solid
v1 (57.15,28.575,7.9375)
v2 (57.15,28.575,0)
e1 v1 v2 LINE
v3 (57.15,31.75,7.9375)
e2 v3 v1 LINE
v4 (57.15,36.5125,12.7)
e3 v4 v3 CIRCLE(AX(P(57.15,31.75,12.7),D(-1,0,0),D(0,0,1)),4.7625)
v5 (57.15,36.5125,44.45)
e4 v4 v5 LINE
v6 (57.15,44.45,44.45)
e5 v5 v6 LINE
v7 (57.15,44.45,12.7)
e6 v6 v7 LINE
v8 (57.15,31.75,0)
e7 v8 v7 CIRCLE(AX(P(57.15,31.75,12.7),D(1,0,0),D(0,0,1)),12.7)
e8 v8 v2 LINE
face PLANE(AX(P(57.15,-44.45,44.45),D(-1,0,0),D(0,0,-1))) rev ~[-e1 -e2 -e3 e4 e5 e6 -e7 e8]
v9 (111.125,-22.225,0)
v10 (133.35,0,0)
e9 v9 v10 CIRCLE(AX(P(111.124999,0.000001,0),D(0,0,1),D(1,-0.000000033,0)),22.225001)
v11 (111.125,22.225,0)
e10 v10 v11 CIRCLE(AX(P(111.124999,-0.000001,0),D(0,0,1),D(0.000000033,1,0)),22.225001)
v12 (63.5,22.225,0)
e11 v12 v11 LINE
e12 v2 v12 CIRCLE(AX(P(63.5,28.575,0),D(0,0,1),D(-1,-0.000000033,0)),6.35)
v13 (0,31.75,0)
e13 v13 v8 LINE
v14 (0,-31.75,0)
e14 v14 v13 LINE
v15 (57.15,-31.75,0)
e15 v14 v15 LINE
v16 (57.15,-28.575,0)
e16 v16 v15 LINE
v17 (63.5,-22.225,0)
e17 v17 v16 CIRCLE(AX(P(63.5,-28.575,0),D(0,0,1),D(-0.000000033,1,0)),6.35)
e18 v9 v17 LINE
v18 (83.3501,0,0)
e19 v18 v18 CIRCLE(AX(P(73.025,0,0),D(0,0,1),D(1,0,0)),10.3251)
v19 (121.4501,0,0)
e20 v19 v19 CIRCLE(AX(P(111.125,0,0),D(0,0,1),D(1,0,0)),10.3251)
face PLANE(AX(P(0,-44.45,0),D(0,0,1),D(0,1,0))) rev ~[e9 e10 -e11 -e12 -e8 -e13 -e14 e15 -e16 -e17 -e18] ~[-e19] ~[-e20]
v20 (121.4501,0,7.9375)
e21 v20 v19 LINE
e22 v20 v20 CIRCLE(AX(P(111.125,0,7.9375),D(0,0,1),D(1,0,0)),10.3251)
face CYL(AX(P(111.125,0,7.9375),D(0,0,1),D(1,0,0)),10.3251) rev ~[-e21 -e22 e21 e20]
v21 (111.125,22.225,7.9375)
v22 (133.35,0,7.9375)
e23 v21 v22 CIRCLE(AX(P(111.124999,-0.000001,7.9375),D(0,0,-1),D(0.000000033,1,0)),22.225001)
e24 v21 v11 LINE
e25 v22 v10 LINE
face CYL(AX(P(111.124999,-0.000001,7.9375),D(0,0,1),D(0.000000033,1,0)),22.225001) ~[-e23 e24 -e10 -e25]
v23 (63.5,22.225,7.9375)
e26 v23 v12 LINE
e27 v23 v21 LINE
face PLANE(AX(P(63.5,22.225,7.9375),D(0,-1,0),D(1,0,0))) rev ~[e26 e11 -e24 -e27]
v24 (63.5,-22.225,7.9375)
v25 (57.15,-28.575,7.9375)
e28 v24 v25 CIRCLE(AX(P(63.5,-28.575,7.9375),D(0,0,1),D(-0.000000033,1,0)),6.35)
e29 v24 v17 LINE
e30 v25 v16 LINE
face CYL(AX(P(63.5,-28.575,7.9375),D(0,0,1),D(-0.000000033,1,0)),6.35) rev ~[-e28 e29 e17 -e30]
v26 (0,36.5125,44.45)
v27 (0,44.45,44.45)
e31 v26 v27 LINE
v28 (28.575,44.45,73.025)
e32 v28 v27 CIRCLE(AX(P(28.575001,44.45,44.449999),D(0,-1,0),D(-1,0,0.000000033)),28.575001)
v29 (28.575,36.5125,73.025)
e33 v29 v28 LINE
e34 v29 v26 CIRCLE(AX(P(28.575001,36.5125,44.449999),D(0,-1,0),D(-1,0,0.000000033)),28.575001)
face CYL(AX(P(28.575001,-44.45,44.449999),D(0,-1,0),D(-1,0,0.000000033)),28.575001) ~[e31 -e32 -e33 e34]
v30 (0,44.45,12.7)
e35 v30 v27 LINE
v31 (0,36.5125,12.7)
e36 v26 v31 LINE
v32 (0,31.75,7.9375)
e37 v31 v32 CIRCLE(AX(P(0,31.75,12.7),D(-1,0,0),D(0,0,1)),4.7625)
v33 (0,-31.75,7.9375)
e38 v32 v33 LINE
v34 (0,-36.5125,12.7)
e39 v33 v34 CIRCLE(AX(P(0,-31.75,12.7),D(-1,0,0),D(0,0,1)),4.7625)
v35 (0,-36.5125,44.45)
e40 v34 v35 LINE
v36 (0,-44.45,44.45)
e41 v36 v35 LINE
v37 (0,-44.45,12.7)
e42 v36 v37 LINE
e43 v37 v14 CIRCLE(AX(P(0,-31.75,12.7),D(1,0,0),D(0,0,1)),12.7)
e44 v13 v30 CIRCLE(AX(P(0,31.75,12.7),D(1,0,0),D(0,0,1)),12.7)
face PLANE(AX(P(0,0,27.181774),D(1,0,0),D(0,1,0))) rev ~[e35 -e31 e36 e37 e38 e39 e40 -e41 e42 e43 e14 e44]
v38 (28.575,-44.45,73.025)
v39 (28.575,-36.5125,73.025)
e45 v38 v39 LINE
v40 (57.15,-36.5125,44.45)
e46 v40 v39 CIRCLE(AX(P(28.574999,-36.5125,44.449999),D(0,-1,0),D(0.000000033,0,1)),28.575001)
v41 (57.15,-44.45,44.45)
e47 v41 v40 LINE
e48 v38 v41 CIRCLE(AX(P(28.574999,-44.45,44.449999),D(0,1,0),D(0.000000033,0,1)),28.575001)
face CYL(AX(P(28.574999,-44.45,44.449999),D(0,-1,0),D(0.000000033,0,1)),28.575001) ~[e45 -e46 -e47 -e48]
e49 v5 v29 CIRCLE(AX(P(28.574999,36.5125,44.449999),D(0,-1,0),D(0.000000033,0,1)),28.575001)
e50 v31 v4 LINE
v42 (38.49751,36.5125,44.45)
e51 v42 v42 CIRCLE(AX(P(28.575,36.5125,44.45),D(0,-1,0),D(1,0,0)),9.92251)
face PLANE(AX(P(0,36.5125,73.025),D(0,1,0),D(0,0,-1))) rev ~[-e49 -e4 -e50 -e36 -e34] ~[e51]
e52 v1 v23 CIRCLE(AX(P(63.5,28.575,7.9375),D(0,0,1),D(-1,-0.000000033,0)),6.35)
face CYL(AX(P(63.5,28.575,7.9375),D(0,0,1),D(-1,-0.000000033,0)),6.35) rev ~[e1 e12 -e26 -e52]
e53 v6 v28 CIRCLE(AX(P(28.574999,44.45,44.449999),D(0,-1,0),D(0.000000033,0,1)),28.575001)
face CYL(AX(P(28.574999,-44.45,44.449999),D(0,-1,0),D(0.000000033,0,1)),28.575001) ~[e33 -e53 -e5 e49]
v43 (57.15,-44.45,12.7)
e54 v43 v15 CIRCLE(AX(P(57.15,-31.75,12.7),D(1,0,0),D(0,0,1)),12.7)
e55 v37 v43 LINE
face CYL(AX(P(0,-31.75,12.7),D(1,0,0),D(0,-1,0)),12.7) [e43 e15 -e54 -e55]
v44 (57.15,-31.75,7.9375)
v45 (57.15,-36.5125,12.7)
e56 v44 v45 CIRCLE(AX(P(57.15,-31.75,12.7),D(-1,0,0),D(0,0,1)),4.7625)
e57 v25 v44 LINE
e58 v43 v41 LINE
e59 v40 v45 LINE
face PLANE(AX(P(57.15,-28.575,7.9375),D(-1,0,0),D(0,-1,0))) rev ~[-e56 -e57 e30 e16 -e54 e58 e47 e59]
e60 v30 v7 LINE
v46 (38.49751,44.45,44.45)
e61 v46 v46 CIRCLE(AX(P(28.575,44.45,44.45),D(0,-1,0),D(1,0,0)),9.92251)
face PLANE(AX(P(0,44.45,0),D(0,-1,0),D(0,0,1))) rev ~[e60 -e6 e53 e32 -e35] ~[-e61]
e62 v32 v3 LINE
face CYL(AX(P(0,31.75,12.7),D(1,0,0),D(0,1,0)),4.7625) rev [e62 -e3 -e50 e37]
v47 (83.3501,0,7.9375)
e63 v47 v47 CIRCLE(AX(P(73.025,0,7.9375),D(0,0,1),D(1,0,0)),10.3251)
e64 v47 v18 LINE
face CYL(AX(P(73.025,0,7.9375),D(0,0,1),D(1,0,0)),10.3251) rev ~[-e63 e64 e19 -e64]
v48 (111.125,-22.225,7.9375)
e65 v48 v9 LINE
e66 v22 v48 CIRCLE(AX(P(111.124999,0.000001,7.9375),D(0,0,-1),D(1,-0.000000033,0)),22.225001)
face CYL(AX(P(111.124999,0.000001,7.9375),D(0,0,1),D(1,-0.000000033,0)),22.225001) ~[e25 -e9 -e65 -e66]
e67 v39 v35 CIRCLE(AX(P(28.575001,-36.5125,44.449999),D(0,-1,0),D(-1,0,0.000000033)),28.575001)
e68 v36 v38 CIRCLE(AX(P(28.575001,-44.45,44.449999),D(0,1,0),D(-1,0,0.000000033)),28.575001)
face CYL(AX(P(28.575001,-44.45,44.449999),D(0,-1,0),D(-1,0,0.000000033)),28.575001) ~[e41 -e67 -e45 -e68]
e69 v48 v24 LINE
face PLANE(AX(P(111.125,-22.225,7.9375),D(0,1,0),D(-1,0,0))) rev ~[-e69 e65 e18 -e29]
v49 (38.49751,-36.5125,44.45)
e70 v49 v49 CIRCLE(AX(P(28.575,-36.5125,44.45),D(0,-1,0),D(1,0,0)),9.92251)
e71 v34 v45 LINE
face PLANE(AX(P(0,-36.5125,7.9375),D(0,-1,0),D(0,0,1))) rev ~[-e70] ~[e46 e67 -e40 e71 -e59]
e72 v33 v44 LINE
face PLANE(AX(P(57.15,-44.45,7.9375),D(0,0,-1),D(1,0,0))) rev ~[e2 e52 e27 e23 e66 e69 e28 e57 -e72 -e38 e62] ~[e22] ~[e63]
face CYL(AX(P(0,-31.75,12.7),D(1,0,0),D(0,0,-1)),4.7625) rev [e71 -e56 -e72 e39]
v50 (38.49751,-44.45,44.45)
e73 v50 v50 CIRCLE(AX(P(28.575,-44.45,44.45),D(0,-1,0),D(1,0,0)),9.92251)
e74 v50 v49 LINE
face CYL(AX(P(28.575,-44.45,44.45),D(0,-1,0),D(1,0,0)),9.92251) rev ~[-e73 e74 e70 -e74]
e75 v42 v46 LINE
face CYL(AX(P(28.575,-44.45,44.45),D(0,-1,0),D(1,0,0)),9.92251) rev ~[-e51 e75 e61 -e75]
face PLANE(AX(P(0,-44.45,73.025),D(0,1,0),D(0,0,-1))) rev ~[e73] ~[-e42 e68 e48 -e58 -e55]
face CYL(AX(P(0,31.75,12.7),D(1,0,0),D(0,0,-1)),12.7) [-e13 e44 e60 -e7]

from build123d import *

# Parameters (mm, degrees)
F1_DEPTH = 133.35
F3_DEPTH = 88.901
F4_R     = 9.92251
F5_DEPTH = 88.901
F6_R     = 10.3251
F7_DEPTH = 25.4
F8_R     = 4.7625
F9_R     = 12.7


with BuildPart() as f1:
    # F0 (on Right) → F1 (new body)
    with BuildSketch(Plane.YZ):
        Polygon((44.45, 0), (44.45, 73.025), (36.5125, 73.025), (36.5125, 7.9375), (-36.5125, 7.9375), (-36.5125, 73.025), (-44.45, 73.025), (-44.45, 0), align=None)
    extrude(amount=F1_DEPTH)

    # F2 (on face) → F3 (cut, through all)
    with BuildSketch(Plane.XZ.offset(44.45)):
        with BuildLine():
            ThreePointArc((0, 44.45), (8.369424, 64.655576), (28.575, 73.025))
            Line((28.575, 73.025), (0, 73.025))
            Line((0, 73.025), (0, 44.45))
        make_face()
        with BuildLine():
            ThreePointArc((28.575, 73.025), (48.780576, 64.655576), (57.15, 44.45))
            Line((57.15, 44.45), (57.15, 7.9375))
            Line((57.15, 7.9375), (133.35, 7.9375))
            Line((133.35, 7.9375), (133.35, 73.025))
            Line((133.35, 73.025), (28.575, 73.025))
        make_face()
    extrude(amount=-F3_DEPTH, mode=Mode.SUBTRACT)

    # F4 (on face) → F5 (cut, through all)
    with BuildSketch(Plane.XZ.offset(44.45)):
        with Locations((28.575, 44.45)):
            Circle(F4_R)
    extrude(amount=-F5_DEPTH, mode=Mode.SUBTRACT)

    # F6 (on face) → F7 (cut)
    with BuildSketch(Plane.XY.offset(7.9375)):
        with Locations((73.025, 0)):
            Circle(F6_R)
        with Locations((111.125, 0)):
            Circle(F6_R)
        with BuildLine():
            ThreePointArc((111.125, 22.225), (126.840448, 15.715448), (133.35, 0))
            Line((133.35, 0), (133.35, 44.45))
            Line((133.35, 44.45), (57.15, 44.45))
            Line((57.15, 44.45), (57.15, 36.5125))
            Line((57.15, 36.5125), (57.15, 28.575))
            ThreePointArc((57.15, 28.575), (59.009872, 24.084872), (63.5, 22.225))
            Line((63.5, 22.225), (111.125, 22.225))
        make_face()
        with BuildLine():
            ThreePointArc((133.35, 0), (126.840448, -15.715448), (111.125, -22.225))
            Line((111.125, -22.225), (63.5, -22.225))
            ThreePointArc((63.5, -22.225), (59.009872, -24.084872), (57.15, -28.575))
            Line((57.15, -28.575), (57.15, -36.5125))
            Line((57.15, -36.5125), (57.15, -44.45))
            Line((57.15, -44.45), (133.35, -44.45))
            Line((133.35, -44.45), (133.35, 0))
        make_face()
    extrude(amount=-F7_DEPTH, mode=Mode.SUBTRACT)

    # F8
    f8_edges = [f1.edges().sort_by_distance(p)[0] for p in [
        (28.575, 36.5125, 7.9375),
        (28.575, -36.5125, 7.9375),
    ]]
    fillet(f8_edges, radius=F8_R)

    # F9
    f9_edges = [f1.edges().sort_by_distance(p)[0] for p in [
        (28.575, -44.45, 0),
        (28.575, 44.45, 0),
    ]]
    fillet(f9_edges, radius=F9_R)


solid = f1.part
